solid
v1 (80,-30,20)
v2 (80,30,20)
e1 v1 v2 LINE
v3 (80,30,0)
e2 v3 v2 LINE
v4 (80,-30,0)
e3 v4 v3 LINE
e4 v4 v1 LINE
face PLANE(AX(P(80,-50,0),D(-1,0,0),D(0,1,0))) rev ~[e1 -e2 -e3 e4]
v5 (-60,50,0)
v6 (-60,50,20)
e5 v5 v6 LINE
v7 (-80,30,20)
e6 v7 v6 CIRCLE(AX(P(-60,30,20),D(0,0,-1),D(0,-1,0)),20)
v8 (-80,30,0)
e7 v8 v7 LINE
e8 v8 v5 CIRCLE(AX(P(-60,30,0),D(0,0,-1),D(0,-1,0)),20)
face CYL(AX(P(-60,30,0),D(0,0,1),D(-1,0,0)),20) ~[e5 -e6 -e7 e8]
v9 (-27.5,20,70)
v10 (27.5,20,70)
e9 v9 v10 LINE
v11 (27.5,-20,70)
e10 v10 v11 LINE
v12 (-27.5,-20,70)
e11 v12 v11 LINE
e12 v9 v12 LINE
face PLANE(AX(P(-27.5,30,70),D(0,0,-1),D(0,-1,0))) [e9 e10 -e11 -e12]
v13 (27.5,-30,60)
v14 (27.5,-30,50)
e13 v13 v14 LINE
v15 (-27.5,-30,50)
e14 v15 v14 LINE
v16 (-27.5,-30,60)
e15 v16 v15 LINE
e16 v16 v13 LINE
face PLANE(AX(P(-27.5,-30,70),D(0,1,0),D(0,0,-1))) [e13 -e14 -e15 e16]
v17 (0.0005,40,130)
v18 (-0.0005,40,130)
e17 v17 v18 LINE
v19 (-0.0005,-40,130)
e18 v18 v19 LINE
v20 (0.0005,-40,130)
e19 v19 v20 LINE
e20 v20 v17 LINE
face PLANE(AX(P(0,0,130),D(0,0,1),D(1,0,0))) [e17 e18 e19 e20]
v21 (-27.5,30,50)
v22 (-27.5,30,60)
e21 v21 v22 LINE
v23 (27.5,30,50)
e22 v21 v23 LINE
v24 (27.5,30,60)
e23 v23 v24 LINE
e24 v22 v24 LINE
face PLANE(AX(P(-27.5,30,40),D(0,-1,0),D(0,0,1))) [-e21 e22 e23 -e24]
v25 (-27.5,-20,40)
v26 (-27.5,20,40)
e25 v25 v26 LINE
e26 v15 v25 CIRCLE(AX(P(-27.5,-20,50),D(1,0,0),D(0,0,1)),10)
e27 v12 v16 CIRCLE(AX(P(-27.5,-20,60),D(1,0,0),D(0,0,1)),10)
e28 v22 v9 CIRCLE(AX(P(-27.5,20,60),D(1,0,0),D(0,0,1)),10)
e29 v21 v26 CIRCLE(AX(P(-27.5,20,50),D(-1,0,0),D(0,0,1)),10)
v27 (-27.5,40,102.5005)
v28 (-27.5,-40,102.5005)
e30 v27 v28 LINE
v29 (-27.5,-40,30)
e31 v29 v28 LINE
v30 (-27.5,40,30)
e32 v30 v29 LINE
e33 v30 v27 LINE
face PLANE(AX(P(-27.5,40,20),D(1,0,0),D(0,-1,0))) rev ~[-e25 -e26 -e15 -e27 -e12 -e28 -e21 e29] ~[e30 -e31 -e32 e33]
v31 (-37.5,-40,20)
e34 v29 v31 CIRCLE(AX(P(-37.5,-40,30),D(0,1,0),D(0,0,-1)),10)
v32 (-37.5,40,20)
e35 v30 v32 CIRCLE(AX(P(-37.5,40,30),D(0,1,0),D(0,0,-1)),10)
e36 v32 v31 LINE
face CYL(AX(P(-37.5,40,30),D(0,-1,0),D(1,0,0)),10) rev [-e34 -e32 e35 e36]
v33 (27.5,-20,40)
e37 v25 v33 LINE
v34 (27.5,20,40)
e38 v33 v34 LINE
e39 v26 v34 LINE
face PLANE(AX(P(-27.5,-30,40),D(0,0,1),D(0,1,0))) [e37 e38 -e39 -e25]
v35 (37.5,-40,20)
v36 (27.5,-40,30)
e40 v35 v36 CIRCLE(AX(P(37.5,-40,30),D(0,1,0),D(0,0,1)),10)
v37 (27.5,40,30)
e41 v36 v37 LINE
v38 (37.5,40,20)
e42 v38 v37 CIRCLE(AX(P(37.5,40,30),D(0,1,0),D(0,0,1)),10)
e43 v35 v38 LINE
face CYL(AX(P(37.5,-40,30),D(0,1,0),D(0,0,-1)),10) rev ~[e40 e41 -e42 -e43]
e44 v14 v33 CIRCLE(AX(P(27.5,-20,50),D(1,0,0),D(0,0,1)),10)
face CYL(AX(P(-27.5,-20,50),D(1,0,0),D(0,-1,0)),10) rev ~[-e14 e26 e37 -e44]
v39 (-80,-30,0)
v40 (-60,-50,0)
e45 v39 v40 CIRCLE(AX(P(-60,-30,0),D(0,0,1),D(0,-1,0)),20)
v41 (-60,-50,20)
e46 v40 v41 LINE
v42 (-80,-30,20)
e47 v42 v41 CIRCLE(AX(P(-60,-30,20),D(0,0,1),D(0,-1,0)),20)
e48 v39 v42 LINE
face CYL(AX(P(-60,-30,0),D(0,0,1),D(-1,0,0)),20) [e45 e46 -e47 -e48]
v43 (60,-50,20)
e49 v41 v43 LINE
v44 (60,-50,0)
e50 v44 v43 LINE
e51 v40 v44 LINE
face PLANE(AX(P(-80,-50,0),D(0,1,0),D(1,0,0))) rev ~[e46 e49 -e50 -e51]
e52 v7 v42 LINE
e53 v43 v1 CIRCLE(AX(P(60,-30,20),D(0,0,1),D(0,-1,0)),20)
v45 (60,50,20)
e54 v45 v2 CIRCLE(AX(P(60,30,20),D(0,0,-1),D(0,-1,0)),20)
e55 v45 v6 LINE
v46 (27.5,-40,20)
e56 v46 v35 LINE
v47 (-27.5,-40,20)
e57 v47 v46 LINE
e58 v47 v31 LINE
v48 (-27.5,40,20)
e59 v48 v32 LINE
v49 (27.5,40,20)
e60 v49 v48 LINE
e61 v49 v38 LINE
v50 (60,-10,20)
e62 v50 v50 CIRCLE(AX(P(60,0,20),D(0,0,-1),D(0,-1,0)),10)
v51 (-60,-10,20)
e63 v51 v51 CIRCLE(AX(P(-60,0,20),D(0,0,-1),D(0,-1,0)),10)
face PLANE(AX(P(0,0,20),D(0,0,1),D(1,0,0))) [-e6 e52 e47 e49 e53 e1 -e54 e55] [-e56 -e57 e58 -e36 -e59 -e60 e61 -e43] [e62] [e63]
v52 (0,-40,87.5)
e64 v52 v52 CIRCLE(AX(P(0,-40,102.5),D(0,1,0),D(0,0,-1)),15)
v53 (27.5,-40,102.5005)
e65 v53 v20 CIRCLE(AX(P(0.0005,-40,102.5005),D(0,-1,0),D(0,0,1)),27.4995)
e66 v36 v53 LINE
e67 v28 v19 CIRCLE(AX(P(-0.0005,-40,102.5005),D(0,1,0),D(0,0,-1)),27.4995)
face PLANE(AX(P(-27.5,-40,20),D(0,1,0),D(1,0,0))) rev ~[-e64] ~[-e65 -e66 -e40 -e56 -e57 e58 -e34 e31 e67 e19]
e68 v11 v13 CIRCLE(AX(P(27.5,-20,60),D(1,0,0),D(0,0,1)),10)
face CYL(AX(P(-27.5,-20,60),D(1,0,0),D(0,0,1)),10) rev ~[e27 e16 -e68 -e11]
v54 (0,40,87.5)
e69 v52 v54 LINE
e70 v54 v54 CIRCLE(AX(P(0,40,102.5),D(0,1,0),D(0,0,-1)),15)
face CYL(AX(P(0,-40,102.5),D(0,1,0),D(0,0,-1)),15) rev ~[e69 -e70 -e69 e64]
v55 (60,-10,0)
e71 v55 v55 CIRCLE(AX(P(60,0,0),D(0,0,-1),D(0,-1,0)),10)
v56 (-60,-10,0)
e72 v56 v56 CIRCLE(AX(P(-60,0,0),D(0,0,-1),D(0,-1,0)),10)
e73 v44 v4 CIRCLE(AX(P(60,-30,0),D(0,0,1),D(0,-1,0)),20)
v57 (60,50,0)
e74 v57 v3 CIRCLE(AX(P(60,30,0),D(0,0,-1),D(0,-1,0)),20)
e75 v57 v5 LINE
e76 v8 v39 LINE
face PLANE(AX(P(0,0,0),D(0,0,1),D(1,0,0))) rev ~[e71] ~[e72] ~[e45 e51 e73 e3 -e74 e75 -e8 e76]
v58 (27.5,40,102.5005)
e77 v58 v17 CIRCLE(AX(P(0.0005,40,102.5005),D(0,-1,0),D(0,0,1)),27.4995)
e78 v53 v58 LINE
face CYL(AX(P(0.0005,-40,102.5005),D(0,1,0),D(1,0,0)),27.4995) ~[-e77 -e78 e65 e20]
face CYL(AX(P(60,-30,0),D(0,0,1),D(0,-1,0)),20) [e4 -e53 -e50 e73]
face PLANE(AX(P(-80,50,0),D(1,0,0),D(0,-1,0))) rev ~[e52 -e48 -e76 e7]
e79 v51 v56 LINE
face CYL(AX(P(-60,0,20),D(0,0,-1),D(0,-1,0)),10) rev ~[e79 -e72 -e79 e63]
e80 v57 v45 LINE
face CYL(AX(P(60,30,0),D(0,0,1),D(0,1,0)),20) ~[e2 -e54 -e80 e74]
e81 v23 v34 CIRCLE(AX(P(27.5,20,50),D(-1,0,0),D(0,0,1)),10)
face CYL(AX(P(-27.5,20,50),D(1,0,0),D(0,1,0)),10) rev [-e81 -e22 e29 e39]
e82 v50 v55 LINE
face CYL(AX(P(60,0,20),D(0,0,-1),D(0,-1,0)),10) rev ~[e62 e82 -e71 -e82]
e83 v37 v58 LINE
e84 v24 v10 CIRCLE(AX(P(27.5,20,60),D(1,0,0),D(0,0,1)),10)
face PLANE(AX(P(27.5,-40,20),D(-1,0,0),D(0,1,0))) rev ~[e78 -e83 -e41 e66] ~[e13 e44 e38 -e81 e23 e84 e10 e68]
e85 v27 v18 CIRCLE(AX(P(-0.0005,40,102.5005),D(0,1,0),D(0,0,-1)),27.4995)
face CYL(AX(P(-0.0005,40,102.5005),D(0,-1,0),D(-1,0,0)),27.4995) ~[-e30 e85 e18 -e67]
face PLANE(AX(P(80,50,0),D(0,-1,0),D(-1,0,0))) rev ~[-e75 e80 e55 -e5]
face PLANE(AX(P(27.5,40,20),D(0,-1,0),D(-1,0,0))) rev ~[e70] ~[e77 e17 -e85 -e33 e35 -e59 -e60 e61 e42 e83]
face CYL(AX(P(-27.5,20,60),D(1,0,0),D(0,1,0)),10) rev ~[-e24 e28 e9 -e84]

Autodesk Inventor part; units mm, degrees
ref_plane "YZ Plane" through (0, 0, 0) normal (1, 0, 0) x (0, 1, 0)
ref_plane "XZ Plane" through (0, 0, 0) normal (0, 1, 0) x (-1, 0, 0)
ref_plane "XY Plane" through (0, 0, 0) normal (0, 0, 1) x (1, 0, 0)
sketch "Esboço1" plane through (0, 0, 0) normal (0, 0, 1) x (1, 0, 0)
  line L0 (-80, -50) -> (80, -50)
  line L1 (80, -50) -> (80, 50)
  line L2 (80, 50) -> (-80, 50)
  line L3 (-80, 50) -> (-80, -50)
  line L4 (-80, -50) -> (80, 50) construction
  line L5 (80, -50) -> (-80, 50) construction
  point P0 (0, 0)
  dimension "d0" = 100
  dimension "d1" = 160
extrude "Extrusão1" add sketch "Esboço1" along normal blind 20
sketch "Esboço2" plane through (0, 0, 20) normal (0, 0, 1) x (1, 0, 0)
  line L0 (-27.5, -40) -> (27.5, -40)
  line L1 (27.5, -40) -> (27.5, 40)
  line L2 (27.5, 40) -> (-27.5, 40)
  line L3 (-27.5, 40) -> (-27.5, -40)
  line L4 (-27.5, -40) -> (27.5, 40) construction
  line L5 (27.5, -40) -> (-27.5, 40) construction
  point P0 (0, 0)
  dimension "d4" = 55
  dimension "d5" = 80
extrude "Extrusão2" add sketch "Esboço2" along normal blind 110
fillet "Arredondamento1" radius 27.5 2 edges at (-27.5, 0, 130) (27.5, 0, 130)
sketch "Esboço3" plane through (-27.5, -40, 20) normal (0, -1, 0) x (1, 0, 0)
  arc A0 (55, 82.5) -> (0, 82.5) centre (27.5, 82.5) ccw projected
  point P0 (27.5, -20)
hole "Furo1" at (0, -40, 102.5) direction (0, 1, 0) diameter 30 end through all
sketch "Esboço4" plane through (-27.5, -40, 20) normal (-1, 0, 0) x (0, 0, 1)
  line L0 (20, 70) -> (50, 70)
  line L1 (50, 70) -> (50, 10)
  line L2 (50, 10) -> (20, 10)
  line L3 (20, 10) -> (20, 70)
  line L4 (20, 70) -> (50, 10) construction
  line L5 (50, 70) -> (20, 10) construction
  line L6 (-20, -10) -> (-20, 90) projected
  line L7 (82.5, 80) -> (82.5, 0) projected
  point P0 (-20, 40)
  point P1 (35, 40)
  point P2 (35, 40)
  point P3 (82.5, 40)
  dimension "d18" = 60
  dimension "d19" = 55
  dimension "d20" = 30
extrude "Extrusão3" cut sketch "Esboço4" against normal through all
sketch "Esboço5" plane through (0, 0, 20) normal (0, 0, 1) x (1, 0, 0)
  line L0 (-80, 50) -> (-80, -50) projected
  line L1 (-80, -50) -> (80, -50) projected
  line L2 (80, -50) -> (80, 50) projected
  point P0 (0, 0)
  point P1 (-60, 0)
  point P2 (60, 0)
  dimension "d23" = 20
  dimension "d24" = 50
  dimension "d25" = 20
  dimension "d26" = 50
hole "Furo2" at (-60, 0, 20) at (60, 0, 20) direction (0, 0, -1) diameter 20 end through all
fillet "Arredondamento2" radius 10 4 edges at (0, 30, 40) (0, -30, 70) (0, -30, 40) (0, 30, 70)
fillet "Arredondamento3" radius 10 2 edges at (-27.5, 0, 20) (27.5, 0, 20)
fillet "Arredondamento4" radius 20 4 edges at (80, -50, 10) (80, 50, 10) (-80, -50, 10) (-80, 50, 10)
equation "\"d8\" = 0.5 * d4"
equation "\"d24\" = 0.5 * d0"
equation "\"d26\" = 0.5 * d0"
